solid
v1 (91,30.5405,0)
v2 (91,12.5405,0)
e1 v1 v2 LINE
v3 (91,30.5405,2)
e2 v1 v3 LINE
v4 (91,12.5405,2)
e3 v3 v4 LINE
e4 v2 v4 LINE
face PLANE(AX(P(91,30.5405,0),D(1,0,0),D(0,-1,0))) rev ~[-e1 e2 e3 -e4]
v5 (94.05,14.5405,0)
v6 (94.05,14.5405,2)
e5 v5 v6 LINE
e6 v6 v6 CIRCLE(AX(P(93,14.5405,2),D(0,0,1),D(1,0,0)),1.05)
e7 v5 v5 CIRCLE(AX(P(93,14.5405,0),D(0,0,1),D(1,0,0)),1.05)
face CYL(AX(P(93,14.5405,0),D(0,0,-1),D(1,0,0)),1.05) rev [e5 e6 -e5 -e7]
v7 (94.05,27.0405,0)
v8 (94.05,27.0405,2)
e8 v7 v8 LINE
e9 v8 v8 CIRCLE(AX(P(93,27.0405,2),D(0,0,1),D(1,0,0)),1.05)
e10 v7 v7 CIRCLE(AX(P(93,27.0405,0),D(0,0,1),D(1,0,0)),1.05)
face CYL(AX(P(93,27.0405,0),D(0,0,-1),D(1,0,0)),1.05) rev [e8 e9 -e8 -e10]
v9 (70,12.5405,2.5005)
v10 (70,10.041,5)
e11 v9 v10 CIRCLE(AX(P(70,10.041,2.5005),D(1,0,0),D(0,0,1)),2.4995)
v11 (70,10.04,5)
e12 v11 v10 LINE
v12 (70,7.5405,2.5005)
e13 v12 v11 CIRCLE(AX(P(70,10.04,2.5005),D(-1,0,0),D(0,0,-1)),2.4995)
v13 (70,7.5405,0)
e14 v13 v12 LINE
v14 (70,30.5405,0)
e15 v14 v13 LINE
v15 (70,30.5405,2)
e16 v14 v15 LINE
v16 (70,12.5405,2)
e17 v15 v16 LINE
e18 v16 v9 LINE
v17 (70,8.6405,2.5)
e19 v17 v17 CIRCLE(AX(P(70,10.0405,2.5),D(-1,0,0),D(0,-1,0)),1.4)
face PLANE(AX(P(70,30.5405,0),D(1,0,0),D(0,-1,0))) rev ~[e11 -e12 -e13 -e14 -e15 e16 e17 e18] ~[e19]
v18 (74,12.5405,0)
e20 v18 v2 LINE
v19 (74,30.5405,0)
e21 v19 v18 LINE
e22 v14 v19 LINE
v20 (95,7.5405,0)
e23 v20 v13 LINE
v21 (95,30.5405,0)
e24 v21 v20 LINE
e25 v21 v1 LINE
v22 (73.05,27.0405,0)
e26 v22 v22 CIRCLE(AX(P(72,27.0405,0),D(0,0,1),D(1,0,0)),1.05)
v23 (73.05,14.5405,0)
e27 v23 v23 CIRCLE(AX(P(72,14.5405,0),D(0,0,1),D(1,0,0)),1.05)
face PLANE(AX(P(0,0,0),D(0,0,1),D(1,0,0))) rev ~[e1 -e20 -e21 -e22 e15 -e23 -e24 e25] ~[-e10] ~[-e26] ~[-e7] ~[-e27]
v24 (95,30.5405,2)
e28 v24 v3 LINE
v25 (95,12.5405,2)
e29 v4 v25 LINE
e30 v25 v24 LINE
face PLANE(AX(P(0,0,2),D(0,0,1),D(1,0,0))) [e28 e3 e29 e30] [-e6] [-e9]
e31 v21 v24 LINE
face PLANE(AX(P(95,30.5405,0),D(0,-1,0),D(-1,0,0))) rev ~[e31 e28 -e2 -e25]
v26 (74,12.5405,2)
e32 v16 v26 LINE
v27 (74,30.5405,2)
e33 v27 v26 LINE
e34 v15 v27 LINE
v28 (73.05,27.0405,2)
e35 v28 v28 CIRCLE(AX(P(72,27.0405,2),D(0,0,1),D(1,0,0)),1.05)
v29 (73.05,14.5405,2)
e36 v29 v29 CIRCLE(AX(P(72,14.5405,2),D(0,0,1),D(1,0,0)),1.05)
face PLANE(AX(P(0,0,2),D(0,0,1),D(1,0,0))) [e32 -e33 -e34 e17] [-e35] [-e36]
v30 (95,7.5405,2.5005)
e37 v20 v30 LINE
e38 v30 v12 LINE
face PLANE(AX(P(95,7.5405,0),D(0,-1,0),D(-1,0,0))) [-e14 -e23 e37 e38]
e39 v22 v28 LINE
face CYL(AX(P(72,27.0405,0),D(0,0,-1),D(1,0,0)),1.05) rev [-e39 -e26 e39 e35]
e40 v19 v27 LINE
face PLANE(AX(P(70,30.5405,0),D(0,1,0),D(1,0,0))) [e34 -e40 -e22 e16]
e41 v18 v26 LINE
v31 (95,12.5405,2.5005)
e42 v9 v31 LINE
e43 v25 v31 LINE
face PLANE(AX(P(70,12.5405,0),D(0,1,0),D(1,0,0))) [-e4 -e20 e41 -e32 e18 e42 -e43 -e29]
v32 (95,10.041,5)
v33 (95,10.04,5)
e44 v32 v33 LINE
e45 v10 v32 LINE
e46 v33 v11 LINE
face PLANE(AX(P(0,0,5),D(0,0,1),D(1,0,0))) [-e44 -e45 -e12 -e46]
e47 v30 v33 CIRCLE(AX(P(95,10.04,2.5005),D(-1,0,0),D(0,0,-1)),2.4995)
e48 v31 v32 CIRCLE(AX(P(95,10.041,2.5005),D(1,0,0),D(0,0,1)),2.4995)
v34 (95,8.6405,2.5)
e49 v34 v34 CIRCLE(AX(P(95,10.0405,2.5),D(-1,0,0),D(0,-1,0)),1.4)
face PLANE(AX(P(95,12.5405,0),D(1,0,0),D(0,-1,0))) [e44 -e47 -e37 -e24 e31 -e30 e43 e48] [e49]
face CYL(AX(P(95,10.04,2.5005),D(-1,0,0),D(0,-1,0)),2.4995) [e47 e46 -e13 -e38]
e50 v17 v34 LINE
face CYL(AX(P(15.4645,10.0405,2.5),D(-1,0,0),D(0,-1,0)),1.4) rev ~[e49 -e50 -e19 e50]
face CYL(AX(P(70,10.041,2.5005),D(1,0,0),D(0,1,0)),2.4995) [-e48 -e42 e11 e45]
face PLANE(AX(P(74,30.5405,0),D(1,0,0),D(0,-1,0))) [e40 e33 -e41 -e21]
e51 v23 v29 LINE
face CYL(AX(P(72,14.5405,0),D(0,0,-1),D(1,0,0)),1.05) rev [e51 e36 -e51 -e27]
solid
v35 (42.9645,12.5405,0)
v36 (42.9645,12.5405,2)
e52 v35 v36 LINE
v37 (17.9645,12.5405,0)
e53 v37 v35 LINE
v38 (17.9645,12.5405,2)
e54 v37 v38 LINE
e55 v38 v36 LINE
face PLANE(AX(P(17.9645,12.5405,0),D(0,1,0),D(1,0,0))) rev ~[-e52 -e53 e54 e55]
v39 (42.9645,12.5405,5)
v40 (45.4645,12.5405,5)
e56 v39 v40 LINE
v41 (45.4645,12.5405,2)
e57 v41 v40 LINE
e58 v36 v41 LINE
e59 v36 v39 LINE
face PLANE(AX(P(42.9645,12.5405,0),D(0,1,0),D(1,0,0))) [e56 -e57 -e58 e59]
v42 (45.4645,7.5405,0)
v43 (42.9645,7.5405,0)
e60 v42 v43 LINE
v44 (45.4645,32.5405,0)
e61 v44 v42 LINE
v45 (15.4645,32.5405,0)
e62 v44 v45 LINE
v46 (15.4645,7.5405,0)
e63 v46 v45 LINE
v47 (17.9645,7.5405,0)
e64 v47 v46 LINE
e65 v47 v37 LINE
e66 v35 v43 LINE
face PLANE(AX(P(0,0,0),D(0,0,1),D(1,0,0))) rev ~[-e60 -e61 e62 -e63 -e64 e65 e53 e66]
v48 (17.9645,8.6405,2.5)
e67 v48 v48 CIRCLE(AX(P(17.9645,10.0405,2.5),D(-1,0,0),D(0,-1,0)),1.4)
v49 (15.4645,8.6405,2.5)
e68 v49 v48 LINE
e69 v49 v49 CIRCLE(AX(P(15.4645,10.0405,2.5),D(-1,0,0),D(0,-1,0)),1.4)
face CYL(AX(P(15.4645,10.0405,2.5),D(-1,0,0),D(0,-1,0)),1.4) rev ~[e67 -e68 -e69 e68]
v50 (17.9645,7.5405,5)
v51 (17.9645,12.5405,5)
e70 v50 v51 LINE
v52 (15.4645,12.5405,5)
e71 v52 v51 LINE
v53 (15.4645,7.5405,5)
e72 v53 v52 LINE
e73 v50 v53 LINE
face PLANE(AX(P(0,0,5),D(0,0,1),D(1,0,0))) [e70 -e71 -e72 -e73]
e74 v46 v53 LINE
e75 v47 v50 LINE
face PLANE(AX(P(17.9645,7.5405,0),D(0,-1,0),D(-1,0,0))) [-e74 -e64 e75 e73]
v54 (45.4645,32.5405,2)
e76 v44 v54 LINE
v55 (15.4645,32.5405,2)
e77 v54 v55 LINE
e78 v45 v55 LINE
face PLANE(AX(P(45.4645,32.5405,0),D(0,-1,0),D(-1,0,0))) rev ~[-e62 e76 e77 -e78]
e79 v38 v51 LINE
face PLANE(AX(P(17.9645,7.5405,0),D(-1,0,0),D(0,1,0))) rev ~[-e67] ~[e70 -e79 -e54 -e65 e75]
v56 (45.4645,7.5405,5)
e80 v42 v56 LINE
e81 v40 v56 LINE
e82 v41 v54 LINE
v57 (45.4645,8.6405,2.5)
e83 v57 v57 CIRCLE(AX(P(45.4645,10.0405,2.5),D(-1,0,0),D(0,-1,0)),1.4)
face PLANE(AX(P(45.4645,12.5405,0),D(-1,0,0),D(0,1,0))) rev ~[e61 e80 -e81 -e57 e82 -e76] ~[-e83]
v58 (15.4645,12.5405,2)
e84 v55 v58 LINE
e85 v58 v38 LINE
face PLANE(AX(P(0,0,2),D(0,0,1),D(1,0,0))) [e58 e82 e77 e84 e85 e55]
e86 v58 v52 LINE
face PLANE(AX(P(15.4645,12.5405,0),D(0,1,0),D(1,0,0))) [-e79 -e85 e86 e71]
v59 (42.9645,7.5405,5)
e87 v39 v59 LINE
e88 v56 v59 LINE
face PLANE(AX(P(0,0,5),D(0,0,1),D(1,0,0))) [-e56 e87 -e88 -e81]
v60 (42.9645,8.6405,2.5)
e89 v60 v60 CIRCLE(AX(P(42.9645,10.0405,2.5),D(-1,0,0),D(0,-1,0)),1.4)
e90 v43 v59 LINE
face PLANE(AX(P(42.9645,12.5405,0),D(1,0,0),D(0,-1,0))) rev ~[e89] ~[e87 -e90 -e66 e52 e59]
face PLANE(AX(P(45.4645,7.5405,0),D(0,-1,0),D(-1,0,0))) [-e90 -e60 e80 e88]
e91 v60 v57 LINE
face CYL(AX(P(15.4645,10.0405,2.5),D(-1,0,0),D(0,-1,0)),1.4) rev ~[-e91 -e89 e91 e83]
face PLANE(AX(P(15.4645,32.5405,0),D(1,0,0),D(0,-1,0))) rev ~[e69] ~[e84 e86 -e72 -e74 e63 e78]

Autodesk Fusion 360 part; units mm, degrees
sketch "スケッチ1" plane through (0, 0, 0) normal (0, 0, 1) x (1, 0, 0)
  line L0 (15.4645, 12.5405) -> (45.4645, 12.5405) construction
  line L1 (45.4645, 12.5405) -> (45.4645, 32.5405)
  line L2 (45.4645, 32.5405) -> (15.4645, 32.5405)
  line L3 (15.4645, 32.5405) -> (15.4645, 12.5405)
  line L4 (70, 12.5405) -> (95, 12.5405) construction
  line L5 (95, 12.5405) -> (95, 32.5405)
  line L6 (95, 32.5405) -> (70, 32.5405) construction
  line L7 (70, 32.5405) -> (70, 12.5405)
  line L8 (72, 32.5405) -> (72, 12.5405) construction
  circle A0 centre (72, 27.0405) radius 1.05
  circle A1 centre (72, 14.5405) radius 1.05
  line L9 (82.5, 32.5405) -> (82.5, 12.5405) construction
  circle A2 centre (93, 27.0405) radius 1.05
  circle A3 centre (93, 14.5405) radius 1.05
  line L10 (70, 30.5405) -> (74, 30.5405)
  line L11 (74, 30.5405) -> (74, 12.5405)
  line L12 (91, 30.5405) -> (91, 12.5405)
  line L13 (95, 30.5405) -> (91, 30.5405)
  line L14 (70, 12.5405) -> (95, 12.5405)
  line L15 (95, 12.5405) -> (95, 7.5405)
  line L16 (95, 7.5405) -> (70, 7.5405)
  line L17 (70, 7.5405) -> (70, 12.5405)
  line L18 (15.4645, 12.5405) -> (45.4645, 12.5405)
  line L19 (45.4645, 12.5405) -> (45.4645, 7.5405)
  line L20 (45.4645, 7.5405) -> (15.4645, 7.5405)
  line L21 (15.4645, 7.5405) -> (15.4645, 12.5405)
  line L22 (17.9645, 12.5405) -> (42.9645, 12.5405)
  line L23 (42.9645, 12.5405) -> (42.9645, 7.5405)
  line L24 (42.9645, 7.5405) -> (17.9645, 7.5405)
  line L25 (17.9645, 7.5405) -> (17.9645, 12.5405)
  dimension "d1" = 30
  dimension "d2" = 20
  dimension "d3" = 25
  dimension "d4" = 20
  dimension "d5" = 2
  dimension "d7" = 2.1
  dimension "d8" = 2.1
  dimension "d11" = 12.5
  dimension "d12" = 2
  dimension "d13" = 4
  dimension "d14" = 18
  dimension "d15" = 25
  dimension "d16" = 5
  dimension "d18" = 5
  dimension "d19" = 25
  dimension "d20" = 5
  dimension "d21" = 2.5
extrude "押し出し1" add sketch "スケッチ1" along normal blind 2 contours L1 L2 L3 L18 L22 makes body 1
extrude "押し出し2" add sketch "スケッチ1" along normal blind 2 separate body contours L5 L12 L13 L14 | L7 L10 L11 L14 makes body 2 at (72.0262, 29.7228, 0) makes body 3 at (92.9738, 29.7228, 0)
extrude "押し出し3" add sketch "スケッチ1" along normal blind 5 contours L18 L19 L20 L23 | L18 L20 L21 L25 bodies 1
extrude "押し出し4" add sketch "スケッチ1" along normal blind 5 contours L14 L15 L16 L17 bodies 2 3
sketch "スケッチ2" plane through (15.4645, 0, 0) normal (-1, 0, 0) x (0, -1, 0)
  line L0 (-32.5405, 0) -> (-7.5405, 0)
  line L1 (-7.5405, 0) -> (-7.5405, 5)
  line L2 (-7.5405, 5) -> (-12.5405, 5)
  line L3 (-12.5405, 5) -> (-12.5405, 2)
  line L4 (-12.5405, 2) -> (-32.5405, 2)
  line L5 (-32.5405, 2) -> (-32.5405, 0)
  circle A0 centre (-10.0405, 2.5) radius 1.4
  dimension "d30" = 2.8
  dimension "d31" = 2.5
  dimension "d32" = 2.5
extrude "押し出し5" cut sketch "スケッチ2" against normal blind 99 contours A0 bodies 1 2
fillet "フィレット1" radius 2.5 2 edges at (82.5, 7.5405, 5) (82.5, 12.5405, 5) on bodies 2
